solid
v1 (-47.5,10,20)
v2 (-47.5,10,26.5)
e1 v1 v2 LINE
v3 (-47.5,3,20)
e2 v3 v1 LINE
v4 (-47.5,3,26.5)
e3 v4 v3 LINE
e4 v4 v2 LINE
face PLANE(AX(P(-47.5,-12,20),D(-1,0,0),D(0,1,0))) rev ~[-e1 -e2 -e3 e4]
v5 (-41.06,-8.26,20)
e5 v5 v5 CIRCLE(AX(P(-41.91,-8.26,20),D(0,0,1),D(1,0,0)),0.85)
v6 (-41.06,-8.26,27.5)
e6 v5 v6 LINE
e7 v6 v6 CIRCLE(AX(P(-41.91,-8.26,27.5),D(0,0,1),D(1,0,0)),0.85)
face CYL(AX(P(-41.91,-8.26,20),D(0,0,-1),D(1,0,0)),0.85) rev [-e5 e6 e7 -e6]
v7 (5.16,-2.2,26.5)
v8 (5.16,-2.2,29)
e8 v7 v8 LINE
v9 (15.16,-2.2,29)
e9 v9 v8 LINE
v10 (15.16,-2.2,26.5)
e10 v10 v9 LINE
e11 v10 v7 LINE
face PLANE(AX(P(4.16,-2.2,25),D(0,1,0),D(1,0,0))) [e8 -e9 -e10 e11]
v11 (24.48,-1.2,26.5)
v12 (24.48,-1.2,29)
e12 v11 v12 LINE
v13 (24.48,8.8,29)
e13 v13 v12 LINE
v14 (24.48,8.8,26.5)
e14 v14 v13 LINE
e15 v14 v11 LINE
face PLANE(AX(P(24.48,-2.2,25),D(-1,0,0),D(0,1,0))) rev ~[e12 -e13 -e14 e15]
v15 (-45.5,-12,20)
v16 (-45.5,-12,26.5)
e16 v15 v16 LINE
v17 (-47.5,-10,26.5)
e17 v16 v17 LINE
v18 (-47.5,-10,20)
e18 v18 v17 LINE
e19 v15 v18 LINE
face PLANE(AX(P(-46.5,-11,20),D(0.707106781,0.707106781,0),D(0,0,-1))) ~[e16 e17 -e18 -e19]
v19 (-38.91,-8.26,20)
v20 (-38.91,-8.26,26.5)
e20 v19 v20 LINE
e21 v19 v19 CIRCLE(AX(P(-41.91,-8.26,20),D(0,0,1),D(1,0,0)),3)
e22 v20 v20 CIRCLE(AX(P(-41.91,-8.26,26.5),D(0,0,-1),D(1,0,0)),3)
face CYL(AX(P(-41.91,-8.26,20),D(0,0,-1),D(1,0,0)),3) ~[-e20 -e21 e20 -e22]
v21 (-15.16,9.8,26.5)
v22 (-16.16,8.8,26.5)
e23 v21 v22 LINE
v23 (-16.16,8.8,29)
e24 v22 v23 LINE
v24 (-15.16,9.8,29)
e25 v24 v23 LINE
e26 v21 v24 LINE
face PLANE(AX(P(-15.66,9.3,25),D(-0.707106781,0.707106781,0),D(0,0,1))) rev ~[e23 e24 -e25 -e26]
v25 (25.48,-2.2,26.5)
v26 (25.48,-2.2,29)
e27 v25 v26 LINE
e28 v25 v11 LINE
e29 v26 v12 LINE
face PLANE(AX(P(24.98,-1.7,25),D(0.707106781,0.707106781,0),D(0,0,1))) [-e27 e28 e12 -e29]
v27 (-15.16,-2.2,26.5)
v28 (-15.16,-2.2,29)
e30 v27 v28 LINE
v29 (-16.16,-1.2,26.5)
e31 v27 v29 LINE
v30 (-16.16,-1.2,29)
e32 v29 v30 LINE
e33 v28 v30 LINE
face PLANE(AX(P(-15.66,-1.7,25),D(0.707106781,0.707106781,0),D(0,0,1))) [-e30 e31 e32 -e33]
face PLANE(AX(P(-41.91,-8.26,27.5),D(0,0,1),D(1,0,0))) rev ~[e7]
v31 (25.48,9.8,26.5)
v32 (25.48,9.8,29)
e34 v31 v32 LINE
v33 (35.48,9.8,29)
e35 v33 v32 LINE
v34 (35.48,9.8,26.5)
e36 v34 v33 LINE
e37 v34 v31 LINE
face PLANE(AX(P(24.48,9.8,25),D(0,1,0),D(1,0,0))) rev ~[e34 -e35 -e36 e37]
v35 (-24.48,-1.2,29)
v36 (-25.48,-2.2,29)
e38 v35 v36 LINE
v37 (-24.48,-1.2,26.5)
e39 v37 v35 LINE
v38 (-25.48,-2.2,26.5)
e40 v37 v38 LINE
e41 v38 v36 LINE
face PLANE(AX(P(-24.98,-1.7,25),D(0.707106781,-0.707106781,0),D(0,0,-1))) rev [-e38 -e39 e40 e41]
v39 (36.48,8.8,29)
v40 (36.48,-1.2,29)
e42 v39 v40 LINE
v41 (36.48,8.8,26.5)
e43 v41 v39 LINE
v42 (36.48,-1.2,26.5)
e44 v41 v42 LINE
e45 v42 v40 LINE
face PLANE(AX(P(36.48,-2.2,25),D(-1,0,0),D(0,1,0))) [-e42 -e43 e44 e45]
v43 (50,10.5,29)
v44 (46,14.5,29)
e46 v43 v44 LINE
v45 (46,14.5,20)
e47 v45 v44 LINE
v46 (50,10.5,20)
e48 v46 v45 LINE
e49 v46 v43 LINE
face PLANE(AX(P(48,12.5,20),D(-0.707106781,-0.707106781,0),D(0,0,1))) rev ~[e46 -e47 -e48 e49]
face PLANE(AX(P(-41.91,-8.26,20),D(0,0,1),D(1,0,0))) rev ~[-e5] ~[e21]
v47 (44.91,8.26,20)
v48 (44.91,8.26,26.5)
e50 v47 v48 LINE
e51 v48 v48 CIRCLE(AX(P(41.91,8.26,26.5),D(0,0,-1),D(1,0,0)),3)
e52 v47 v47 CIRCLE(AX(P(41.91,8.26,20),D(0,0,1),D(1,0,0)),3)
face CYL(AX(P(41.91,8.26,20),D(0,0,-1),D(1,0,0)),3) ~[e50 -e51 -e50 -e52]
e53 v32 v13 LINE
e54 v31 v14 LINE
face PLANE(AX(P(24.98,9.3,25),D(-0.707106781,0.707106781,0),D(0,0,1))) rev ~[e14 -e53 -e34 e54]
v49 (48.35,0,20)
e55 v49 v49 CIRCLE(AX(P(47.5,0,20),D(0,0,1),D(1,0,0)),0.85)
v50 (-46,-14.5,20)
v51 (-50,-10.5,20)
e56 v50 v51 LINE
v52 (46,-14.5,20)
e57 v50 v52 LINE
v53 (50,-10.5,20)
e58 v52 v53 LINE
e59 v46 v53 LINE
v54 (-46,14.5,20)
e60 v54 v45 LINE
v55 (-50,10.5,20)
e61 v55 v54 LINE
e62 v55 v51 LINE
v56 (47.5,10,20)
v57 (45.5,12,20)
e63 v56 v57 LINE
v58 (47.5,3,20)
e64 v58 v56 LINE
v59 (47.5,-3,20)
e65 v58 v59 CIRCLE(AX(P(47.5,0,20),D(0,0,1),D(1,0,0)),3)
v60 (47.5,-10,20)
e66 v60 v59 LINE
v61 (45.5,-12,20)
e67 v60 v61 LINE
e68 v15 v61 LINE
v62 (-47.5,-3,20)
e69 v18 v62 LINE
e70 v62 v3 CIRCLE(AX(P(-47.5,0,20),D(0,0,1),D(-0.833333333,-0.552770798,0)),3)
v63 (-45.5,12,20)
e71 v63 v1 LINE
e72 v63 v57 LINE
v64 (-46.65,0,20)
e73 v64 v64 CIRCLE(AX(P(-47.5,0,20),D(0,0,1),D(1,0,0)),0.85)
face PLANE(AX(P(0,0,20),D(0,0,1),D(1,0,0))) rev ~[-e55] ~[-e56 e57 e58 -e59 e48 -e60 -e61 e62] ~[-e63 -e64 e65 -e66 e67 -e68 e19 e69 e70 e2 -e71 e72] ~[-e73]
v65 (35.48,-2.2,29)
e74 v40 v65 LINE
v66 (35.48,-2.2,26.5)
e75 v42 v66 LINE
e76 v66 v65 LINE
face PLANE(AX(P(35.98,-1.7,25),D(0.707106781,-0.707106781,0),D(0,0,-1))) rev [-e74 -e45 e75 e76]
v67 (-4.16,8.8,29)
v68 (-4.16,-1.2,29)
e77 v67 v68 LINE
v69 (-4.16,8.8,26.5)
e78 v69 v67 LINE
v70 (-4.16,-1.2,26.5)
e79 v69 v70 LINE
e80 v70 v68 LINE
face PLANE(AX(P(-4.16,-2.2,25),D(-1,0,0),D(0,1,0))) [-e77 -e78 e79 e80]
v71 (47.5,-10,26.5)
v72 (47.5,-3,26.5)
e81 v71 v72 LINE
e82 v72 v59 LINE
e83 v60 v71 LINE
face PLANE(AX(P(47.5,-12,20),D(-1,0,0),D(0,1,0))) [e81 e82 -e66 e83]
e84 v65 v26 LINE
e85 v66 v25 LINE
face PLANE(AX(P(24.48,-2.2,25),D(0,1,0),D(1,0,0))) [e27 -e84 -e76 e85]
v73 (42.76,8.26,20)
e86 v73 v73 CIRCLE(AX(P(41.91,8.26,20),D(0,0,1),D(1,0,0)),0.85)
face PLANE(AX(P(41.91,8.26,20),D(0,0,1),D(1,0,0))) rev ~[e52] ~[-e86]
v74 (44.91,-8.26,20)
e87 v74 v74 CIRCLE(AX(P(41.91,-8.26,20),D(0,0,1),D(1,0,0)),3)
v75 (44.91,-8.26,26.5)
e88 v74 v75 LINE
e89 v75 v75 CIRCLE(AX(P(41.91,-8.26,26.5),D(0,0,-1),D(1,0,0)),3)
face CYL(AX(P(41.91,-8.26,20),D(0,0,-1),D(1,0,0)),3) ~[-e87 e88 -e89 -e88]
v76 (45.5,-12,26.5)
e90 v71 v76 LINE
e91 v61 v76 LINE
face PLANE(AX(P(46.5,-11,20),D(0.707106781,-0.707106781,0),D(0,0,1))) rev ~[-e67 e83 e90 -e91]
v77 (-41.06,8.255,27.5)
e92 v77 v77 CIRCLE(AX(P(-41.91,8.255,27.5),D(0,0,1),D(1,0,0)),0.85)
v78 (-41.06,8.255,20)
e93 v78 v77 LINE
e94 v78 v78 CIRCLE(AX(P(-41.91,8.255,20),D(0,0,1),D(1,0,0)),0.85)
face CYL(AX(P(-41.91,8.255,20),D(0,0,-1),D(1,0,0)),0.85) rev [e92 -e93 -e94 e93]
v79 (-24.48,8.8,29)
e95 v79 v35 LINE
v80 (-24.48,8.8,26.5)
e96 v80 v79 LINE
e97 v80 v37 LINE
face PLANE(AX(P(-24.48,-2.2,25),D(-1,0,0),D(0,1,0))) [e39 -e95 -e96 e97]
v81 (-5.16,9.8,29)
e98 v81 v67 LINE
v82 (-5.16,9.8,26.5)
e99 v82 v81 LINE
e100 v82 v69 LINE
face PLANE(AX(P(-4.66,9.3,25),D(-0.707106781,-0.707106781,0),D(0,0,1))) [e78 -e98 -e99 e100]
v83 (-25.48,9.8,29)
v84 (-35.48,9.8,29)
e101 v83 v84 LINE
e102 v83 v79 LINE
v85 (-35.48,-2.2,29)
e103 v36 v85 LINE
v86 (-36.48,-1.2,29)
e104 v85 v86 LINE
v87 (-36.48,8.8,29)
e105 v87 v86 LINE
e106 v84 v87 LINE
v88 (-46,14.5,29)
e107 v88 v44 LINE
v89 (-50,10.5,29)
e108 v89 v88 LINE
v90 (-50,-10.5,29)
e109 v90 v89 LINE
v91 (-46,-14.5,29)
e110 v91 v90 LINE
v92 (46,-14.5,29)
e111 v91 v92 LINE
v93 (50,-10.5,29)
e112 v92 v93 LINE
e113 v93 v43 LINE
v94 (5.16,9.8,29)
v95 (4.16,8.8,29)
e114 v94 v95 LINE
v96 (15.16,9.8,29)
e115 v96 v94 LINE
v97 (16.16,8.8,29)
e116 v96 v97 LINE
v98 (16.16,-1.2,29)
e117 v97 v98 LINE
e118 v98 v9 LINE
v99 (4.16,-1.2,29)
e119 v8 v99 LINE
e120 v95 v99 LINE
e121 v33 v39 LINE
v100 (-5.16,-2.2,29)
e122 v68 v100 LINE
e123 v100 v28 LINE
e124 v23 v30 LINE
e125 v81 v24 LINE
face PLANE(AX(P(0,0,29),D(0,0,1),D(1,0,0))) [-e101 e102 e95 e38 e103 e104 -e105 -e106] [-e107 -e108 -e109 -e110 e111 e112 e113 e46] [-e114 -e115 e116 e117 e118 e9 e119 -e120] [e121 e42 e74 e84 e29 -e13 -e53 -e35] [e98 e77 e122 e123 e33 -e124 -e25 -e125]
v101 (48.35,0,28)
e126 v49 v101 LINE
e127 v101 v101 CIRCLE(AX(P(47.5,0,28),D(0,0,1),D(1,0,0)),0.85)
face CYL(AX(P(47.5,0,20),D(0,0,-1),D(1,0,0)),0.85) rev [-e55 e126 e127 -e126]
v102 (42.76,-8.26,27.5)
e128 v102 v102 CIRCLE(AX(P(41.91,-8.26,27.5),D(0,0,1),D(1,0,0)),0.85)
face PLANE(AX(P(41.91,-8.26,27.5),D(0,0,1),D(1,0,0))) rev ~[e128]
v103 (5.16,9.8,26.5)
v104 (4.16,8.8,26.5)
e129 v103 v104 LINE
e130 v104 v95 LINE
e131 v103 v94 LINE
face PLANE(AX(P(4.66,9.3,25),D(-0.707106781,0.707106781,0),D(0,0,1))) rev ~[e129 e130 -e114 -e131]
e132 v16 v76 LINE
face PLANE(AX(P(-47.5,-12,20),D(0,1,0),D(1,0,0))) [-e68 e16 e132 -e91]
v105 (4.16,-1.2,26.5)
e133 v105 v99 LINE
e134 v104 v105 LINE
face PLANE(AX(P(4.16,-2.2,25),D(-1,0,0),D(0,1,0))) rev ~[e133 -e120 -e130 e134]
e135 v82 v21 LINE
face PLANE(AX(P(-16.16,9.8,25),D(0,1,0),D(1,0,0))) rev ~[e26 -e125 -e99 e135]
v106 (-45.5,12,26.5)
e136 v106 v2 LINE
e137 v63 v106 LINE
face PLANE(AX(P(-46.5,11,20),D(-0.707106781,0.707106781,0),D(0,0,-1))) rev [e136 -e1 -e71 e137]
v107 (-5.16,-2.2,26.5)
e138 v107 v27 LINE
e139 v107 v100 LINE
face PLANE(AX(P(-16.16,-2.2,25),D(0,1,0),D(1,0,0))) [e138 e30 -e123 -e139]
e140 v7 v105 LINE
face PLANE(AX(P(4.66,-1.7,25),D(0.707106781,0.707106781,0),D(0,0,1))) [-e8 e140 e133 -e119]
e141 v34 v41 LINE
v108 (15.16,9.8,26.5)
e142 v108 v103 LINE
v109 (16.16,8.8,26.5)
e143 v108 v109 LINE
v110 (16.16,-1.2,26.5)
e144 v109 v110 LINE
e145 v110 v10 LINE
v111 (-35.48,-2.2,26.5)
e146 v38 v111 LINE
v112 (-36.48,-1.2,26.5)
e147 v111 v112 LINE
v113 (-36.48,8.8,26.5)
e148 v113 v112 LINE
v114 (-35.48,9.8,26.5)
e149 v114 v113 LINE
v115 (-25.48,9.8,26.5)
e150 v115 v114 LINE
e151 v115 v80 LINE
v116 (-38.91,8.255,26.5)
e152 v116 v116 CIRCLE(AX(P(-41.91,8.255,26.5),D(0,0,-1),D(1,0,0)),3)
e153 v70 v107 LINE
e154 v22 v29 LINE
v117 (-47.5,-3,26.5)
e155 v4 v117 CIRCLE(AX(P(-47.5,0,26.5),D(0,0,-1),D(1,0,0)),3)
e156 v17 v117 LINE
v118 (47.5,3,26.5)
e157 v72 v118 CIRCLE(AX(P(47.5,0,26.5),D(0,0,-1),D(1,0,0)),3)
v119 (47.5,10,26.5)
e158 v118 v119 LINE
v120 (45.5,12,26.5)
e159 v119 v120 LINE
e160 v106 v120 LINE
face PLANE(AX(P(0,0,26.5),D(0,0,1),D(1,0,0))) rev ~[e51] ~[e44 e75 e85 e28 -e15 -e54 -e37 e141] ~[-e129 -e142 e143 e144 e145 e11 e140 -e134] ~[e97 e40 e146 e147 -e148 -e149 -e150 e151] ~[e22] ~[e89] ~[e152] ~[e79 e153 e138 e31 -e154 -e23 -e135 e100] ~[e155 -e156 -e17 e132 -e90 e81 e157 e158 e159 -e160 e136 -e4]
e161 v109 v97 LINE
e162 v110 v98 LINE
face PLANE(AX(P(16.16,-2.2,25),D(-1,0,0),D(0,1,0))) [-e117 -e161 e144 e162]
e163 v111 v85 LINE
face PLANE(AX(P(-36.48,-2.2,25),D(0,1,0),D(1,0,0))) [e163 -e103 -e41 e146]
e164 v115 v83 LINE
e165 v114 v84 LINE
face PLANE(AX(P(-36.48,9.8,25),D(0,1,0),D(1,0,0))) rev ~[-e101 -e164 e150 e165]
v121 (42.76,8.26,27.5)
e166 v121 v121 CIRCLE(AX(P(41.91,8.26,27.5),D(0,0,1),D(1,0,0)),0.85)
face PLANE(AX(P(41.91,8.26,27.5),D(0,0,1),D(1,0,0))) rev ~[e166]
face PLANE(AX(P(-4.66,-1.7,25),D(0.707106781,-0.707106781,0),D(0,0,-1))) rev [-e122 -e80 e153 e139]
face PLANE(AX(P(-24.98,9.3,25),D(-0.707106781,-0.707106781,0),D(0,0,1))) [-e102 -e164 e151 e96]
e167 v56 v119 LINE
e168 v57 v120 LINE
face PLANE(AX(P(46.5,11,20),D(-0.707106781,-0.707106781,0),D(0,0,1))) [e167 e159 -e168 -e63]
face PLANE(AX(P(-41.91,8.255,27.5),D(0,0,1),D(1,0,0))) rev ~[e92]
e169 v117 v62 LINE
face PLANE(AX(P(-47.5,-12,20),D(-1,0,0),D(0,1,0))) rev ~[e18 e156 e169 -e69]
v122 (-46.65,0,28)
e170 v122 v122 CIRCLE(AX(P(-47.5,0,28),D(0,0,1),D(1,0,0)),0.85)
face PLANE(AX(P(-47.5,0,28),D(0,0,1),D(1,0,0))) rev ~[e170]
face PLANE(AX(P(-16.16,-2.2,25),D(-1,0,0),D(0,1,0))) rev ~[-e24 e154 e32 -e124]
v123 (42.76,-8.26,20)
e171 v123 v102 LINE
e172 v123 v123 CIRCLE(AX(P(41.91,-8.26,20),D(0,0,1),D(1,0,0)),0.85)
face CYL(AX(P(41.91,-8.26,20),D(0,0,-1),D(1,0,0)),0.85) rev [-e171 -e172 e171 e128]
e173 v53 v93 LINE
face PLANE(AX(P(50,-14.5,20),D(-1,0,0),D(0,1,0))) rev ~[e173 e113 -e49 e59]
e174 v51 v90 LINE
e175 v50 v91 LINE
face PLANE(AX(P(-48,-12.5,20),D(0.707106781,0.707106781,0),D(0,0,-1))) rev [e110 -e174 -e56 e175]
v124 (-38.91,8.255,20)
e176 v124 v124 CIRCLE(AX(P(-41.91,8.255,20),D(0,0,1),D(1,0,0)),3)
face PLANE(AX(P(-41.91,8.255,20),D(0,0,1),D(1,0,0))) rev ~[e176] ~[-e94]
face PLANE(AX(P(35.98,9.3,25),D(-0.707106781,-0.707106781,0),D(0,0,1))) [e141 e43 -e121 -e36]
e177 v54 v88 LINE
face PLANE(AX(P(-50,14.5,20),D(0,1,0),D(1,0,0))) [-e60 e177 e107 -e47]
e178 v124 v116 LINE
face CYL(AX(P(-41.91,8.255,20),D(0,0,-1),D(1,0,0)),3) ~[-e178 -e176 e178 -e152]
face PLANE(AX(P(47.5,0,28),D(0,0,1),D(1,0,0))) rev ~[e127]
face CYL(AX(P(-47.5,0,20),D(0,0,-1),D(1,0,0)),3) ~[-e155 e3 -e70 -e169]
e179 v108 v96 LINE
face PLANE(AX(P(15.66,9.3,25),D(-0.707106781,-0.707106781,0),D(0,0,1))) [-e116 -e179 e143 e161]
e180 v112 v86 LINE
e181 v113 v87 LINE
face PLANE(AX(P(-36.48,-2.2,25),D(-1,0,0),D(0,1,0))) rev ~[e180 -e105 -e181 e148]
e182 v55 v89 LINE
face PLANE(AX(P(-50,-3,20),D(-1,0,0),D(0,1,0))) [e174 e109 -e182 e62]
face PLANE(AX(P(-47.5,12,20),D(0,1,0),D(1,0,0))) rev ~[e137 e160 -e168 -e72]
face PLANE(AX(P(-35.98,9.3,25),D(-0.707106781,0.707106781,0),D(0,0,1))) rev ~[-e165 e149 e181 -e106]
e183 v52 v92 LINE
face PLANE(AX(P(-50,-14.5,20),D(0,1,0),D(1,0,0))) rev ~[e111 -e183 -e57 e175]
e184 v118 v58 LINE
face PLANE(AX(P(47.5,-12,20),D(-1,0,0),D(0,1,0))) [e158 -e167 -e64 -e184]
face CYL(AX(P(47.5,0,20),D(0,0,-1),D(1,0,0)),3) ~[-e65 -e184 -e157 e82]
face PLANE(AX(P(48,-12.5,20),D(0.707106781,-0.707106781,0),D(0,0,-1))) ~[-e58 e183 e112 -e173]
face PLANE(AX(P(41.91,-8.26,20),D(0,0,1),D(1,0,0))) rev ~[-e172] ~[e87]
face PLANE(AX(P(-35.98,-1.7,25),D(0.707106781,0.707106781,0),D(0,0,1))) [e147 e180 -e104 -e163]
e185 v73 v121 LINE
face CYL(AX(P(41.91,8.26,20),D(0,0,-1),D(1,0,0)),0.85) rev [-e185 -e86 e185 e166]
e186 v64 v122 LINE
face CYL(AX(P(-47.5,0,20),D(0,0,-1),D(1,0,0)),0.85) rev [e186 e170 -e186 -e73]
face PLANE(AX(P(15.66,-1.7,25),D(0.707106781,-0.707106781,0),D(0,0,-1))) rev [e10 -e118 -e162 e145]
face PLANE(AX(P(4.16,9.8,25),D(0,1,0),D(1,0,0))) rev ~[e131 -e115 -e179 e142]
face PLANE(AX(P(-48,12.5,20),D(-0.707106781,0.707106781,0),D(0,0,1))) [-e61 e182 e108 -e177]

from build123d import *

# Parameters (mm, degrees)
CYLINDER041_R     = 0.85
CYLINDER041_DEPTH = 8
CYLINDER040_R     = 0.85
CYLINDER040_DEPTH = 8
BOX020_W          = 10
BOX020_H          = 10
BOX020_DEPTH      = 10
CYLINDER032_R     = 3
CYLINDER032_DEPTH = 8
BOX019_W          = 10
BOX019_H          = 10
BOX019_DEPTH      = 10
CYLINDER033_R     = 3
CYLINDER033_DEPTH = 8
BOX011_W          = 12
BOX011_H          = 12
BOX011_DEPTH      = 10
BOX010_W          = 12
BOX010_H          = 12
BOX010_DEPTH      = 10
BOX009_W          = 12
BOX009_H          = 12
BOX009_DEPTH      = 10
BOX012_W          = 12
BOX012_H          = 12
BOX012_DEPTH      = 10
CHAMFER007_SIZE   = 1
CYLINDER005_R     = 0.85
CYLINDER005_DEPTH = 7.5
CYLINDER004_R     = 0.85
CYLINDER004_DEPTH = 7.5
CYLINDER007_R     = 0.85
CYLINDER007_DEPTH = 7.5
CYLINDER006_R     = 0.85
CYLINDER006_DEPTH = 7.5
BOX008_W          = 95
BOX008_H          = 24
BOX008_DEPTH      = 6.5
BOX007_W          = 100
BOX007_H          = 29
BOX007_DEPTH      = 9
CYLINDER030_R     = 3
CYLINDER030_DEPTH = 8
CYLINDER029_R     = 3
CYLINDER029_DEPTH = 8
CYLINDER028_R     = 3
CYLINDER028_DEPTH = 8
CYLINDER031_R     = 3
CYLINDER031_DEPTH = 8
CHAMFER010_SIZE   = 2
CHAMFER011_SIZE   = 4


with BuildPart() as cylinder041:
    # Cylinder041 → Cylinder041 (new body)
    with BuildSketch(Plane(origin=(-47.5, 0, 20), x_dir=(1, 0, 0), z_dir=(0, 0, 1))):
        Circle(CYLINDER041_R)
    extrude(amount=CYLINDER041_DEPTH)


with BuildPart() as fusion024:
    # Cylinder040 → Cylinder040 (new body)
    with BuildSketch(Plane(origin=(47.5, 0, 20), x_dir=(1, 0, 0), z_dir=(0, 0, 1))):
        Circle(CYLINDER040_R)
    extrude(amount=CYLINDER040_DEPTH)

    # Fusion024: union Cylinder041
    add(cylinder041.part)


with BuildPart() as cube019:
    # Box020 → Box020 (new body)
    with BuildSketch(Plane(origin=(-60, -3, 20), x_dir=(1, 0, 0), z_dir=(0, 0, 1))):
        with Locations((5, 5)):
            Rectangle(BOX020_W, BOX020_H)
    extrude(amount=BOX020_DEPTH)


with BuildPart() as cut020:
    # Cylinder032 → Cylinder032 (new body)
    with BuildSketch(Plane(origin=(-47.5, 0, 20), x_dir=(1, 0, 0), z_dir=(0, 0, 1))):
        Circle(CYLINDER032_R)
    extrude(amount=CYLINDER032_DEPTH)

    # Cut020: cut Cube019
    add(cube019.part, mode=Mode.SUBTRACT)


with BuildPart() as cube018:
    # Box019 → Box019 (new body)
    with BuildSketch(Plane(origin=(50, -3, 20), x_dir=(1, 0, 0), z_dir=(0, 0, 1))):
        with Locations((5, 5)):
            Rectangle(BOX019_W, BOX019_H)
    extrude(amount=BOX019_DEPTH)


with BuildPart() as fusion022:
    # Cylinder033 → Cylinder033 (new body)
    with BuildSketch(Plane(origin=(47.5, 0, 20), x_dir=(1, 0, 0), z_dir=(0, 0, 1))):
        Circle(CYLINDER033_R)
    extrude(amount=CYLINDER033_DEPTH)

    # Cut021: cut Cube018
    add(cube018.part, mode=Mode.SUBTRACT)

    # Fusion022: union Cut020
    add(cut020.part)


with BuildPart() as cube010:
    # Box011 → Box011 (new body)
    with BuildSketch(Plane(origin=(24.48, -6, 0), x_dir=(1, 0, 0), z_dir=(0, 0, 1))):
        with Locations((6, 6)):
            Rectangle(BOX011_W, BOX011_H)
    extrude(amount=BOX011_DEPTH)


with BuildPart() as cube009:
    # Box010 → Box010 (new body)
    with BuildSketch(Plane(origin=(4.16, -6, 0), x_dir=(1, 0, 0), z_dir=(0, 0, 1))):
        with Locations((6, 6)):
            Rectangle(BOX010_W, BOX010_H)
    extrude(amount=BOX010_DEPTH)


with BuildPart() as cube008:
    # Box009 → Box009 (new body)
    with BuildSketch(Plane(origin=(-16.16, -6, 0), x_dir=(1, 0, 0), z_dir=(0, 0, 1))):
        with Locations((6, 6)):
            Rectangle(BOX009_W, BOX009_H)
    extrude(amount=BOX009_DEPTH)


with BuildPart() as chamfer007:
    # Box012 → Box012 (new body)
    with BuildSketch(Plane(origin=(-36.48, -6, 0), x_dir=(1, 0, 0), z_dir=(0, 0, 1))):
        with Locations((6, 6)):
            Rectangle(BOX012_W, BOX012_H)
    extrude(amount=BOX012_DEPTH)

    # Fusion016: union Cube010, Cube009, Cube008
    add(cube010.part)
    add(cube009.part)
    add(cube008.part)


with BuildPart() as chamfer007_1:
    # Fusion016 placement: moved
    add(chamfer007.part.moved(Location((0, 0, 25))))

    # Chamfer007
    chamfer007_edges = [chamfer007_1.edges().sort_by_distance(p)[0] for p in [
        (-36.48, -6, 30),
        (-36.48, 6, 30),
        (-24.48, -6, 30),
        (-24.48, 6, 30),
        (24.48, -6, 30),
        (24.48, 6, 30),
        (36.48, -6, 30),
        (36.48, 6, 30),
        (4.16, -6, 30),
        (4.16, 6, 30),
        (16.16, -6, 30),
        (16.16, 6, 30),
        (-16.16, -6, 30),
        (-16.16, 6, 30),
        (-4.16, -6, 30),
        (-4.16, 6, 30),
    ]]
    chamfer(chamfer007_edges, length=CHAMFER007_SIZE)


with BuildPart() as chamfer007_2:
    # Chamfer007 placement: moved
    add(chamfer007_1.part.moved(Location((0, 3.8, 0))))


with BuildPart() as cylinder005:
    # Cylinder005 → Cylinder005 (new body)
    with BuildSketch(Plane(origin=(-41.91, -8.26, 0), x_dir=(1, 0, 0), z_dir=(0, 0, 1))):
        Circle(CYLINDER005_R)
    extrude(amount=CYLINDER005_DEPTH)


with BuildPart() as cylinder004:
    # Cylinder004 → Cylinder004 (new body)
    with BuildSketch(Plane(origin=(-41.91, 8.255, 0), x_dir=(1, 0, 0), z_dir=(0, 0, 1))):
        Circle(CYLINDER004_R)
    extrude(amount=CYLINDER004_DEPTH)


with BuildPart() as cylinder007:
    # Cylinder007 → Cylinder007 (new body)
    with BuildSketch(Plane(origin=(41.91, -8.26, 0), x_dir=(1, 0, 0), z_dir=(0, 0, 1))):
        Circle(CYLINDER007_R)
    extrude(amount=CYLINDER007_DEPTH)


with BuildPart() as fusion015:
    # Cylinder006 → Cylinder006 (new body)
    with BuildSketch(Plane(origin=(41.91, 8.26, 0), x_dir=(1, 0, 0), z_dir=(0, 0, 1))):
        Circle(CYLINDER006_R)
    extrude(amount=CYLINDER006_DEPTH)

    # Fusion015: union Cylinder005, Cylinder004, Cylinder007
    add(cylinder005.part)
    add(cylinder004.part)
    add(cylinder007.part)


with BuildPart() as fusion015_1:
    # Fusion015 placement: moved
    add(fusion015.part.moved(Location((0, 0, 20))))


with BuildPart() as cube007:
    # Box008 → Box008 (new body)
    with BuildSketch(Plane(origin=(-47.5, -12, 20), x_dir=(1, 0, 0), z_dir=(0, 0, 1))):
        with Locations((47.5, 12)):
            Rectangle(BOX008_W, BOX008_H)
    extrude(amount=BOX008_DEPTH)


with BuildPart() as cut010:
    # Box007 → Box007 (new body)
    with BuildSketch(Plane(origin=(-50, -14.5, 20), x_dir=(1, 0, 0), z_dir=(0, 0, 1))):
        with Locations((50, 14.5)):
            Rectangle(BOX007_W, BOX007_H)
    extrude(amount=BOX007_DEPTH)

    # Cut010: cut Cube007
    add(cube007.part, mode=Mode.SUBTRACT)


with BuildPart() as cylinder030:
    # Cylinder030 → Cylinder030 (new body)
    with BuildSketch(Plane(origin=(41.91, 8.26, 0), x_dir=(1, 0, 0), z_dir=(0, 0, 1))):
        Circle(CYLINDER030_R)
    extrude(amount=CYLINDER030_DEPTH)


with BuildPart() as cylinder029:
    # Cylinder029 → Cylinder029 (new body)
    with BuildSketch(Plane(origin=(-41.91, 8.255, 0), x_dir=(1, 0, 0), z_dir=(0, 0, 1))):
        Circle(CYLINDER029_R)
    extrude(amount=CYLINDER029_DEPTH)


with BuildPart() as cylinder028:
    # Cylinder028 → Cylinder028 (new body)
    with BuildSketch(Plane(origin=(41.91, -8.26, 0), x_dir=(1, 0, 0), z_dir=(0, 0, 1))):
        Circle(CYLINDER028_R)
    extrude(amount=CYLINDER028_DEPTH)


with BuildPart() as chamfer011:
    # Cylinder031 → Cylinder031 (new body)
    with BuildSketch(Plane(origin=(-41.91, -8.26, 0), x_dir=(1, 0, 0), z_dir=(0, 0, 1))):
        Circle(CYLINDER031_R)
    extrude(amount=CYLINDER031_DEPTH)

    # Fusion013: union Cylinder030, Cylinder029, Cylinder028
    add(cylinder030.part)
    add(cylinder029.part)
    add(cylinder028.part)


with BuildPart() as chamfer011_1:
    # Fusion013 placement: moved
    add(chamfer011.part.moved(Location((0, 0, 20))))

    # Fusion018: union Cut010
    add(cut010.part)

    # Cut011: cut Fusion015
    add(fusion015_1.part, mode=Mode.SUBTRACT)

    # Cut019: cut Chamfer007
    add(chamfer007_2.part, mode=Mode.SUBTRACT)

    # Fusion023: union Fusion022
    add(fusion022.part)

    # Cut022: cut Fusion024
    add(fusion024.part, mode=Mode.SUBTRACT)

    # Chamfer010
    chamfer010_edges = [chamfer011_1.edges().sort_by_distance(p)[0] for p in [
        (-47.5, -12, 23.25),
        (-47.5, 12, 23.25),
        (47.5, 12, 23.25),
        (47.5, -12, 23.25),
    ]]
    chamfer(chamfer010_edges, length=CHAMFER010_SIZE)

    # Chamfer011
    chamfer011_edges = [chamfer011_1.edges().sort_by_distance(p)[0] for p in [
        (-50, 14.5, 24.5),
        (-50, -14.5, 24.5),
        (50, -14.5, 24.5),
        (50, 14.5, 24.5),
    ]]
    chamfer(chamfer011_edges, length=CHAMFER011_SIZE)


solid = chamfer011_1.part
